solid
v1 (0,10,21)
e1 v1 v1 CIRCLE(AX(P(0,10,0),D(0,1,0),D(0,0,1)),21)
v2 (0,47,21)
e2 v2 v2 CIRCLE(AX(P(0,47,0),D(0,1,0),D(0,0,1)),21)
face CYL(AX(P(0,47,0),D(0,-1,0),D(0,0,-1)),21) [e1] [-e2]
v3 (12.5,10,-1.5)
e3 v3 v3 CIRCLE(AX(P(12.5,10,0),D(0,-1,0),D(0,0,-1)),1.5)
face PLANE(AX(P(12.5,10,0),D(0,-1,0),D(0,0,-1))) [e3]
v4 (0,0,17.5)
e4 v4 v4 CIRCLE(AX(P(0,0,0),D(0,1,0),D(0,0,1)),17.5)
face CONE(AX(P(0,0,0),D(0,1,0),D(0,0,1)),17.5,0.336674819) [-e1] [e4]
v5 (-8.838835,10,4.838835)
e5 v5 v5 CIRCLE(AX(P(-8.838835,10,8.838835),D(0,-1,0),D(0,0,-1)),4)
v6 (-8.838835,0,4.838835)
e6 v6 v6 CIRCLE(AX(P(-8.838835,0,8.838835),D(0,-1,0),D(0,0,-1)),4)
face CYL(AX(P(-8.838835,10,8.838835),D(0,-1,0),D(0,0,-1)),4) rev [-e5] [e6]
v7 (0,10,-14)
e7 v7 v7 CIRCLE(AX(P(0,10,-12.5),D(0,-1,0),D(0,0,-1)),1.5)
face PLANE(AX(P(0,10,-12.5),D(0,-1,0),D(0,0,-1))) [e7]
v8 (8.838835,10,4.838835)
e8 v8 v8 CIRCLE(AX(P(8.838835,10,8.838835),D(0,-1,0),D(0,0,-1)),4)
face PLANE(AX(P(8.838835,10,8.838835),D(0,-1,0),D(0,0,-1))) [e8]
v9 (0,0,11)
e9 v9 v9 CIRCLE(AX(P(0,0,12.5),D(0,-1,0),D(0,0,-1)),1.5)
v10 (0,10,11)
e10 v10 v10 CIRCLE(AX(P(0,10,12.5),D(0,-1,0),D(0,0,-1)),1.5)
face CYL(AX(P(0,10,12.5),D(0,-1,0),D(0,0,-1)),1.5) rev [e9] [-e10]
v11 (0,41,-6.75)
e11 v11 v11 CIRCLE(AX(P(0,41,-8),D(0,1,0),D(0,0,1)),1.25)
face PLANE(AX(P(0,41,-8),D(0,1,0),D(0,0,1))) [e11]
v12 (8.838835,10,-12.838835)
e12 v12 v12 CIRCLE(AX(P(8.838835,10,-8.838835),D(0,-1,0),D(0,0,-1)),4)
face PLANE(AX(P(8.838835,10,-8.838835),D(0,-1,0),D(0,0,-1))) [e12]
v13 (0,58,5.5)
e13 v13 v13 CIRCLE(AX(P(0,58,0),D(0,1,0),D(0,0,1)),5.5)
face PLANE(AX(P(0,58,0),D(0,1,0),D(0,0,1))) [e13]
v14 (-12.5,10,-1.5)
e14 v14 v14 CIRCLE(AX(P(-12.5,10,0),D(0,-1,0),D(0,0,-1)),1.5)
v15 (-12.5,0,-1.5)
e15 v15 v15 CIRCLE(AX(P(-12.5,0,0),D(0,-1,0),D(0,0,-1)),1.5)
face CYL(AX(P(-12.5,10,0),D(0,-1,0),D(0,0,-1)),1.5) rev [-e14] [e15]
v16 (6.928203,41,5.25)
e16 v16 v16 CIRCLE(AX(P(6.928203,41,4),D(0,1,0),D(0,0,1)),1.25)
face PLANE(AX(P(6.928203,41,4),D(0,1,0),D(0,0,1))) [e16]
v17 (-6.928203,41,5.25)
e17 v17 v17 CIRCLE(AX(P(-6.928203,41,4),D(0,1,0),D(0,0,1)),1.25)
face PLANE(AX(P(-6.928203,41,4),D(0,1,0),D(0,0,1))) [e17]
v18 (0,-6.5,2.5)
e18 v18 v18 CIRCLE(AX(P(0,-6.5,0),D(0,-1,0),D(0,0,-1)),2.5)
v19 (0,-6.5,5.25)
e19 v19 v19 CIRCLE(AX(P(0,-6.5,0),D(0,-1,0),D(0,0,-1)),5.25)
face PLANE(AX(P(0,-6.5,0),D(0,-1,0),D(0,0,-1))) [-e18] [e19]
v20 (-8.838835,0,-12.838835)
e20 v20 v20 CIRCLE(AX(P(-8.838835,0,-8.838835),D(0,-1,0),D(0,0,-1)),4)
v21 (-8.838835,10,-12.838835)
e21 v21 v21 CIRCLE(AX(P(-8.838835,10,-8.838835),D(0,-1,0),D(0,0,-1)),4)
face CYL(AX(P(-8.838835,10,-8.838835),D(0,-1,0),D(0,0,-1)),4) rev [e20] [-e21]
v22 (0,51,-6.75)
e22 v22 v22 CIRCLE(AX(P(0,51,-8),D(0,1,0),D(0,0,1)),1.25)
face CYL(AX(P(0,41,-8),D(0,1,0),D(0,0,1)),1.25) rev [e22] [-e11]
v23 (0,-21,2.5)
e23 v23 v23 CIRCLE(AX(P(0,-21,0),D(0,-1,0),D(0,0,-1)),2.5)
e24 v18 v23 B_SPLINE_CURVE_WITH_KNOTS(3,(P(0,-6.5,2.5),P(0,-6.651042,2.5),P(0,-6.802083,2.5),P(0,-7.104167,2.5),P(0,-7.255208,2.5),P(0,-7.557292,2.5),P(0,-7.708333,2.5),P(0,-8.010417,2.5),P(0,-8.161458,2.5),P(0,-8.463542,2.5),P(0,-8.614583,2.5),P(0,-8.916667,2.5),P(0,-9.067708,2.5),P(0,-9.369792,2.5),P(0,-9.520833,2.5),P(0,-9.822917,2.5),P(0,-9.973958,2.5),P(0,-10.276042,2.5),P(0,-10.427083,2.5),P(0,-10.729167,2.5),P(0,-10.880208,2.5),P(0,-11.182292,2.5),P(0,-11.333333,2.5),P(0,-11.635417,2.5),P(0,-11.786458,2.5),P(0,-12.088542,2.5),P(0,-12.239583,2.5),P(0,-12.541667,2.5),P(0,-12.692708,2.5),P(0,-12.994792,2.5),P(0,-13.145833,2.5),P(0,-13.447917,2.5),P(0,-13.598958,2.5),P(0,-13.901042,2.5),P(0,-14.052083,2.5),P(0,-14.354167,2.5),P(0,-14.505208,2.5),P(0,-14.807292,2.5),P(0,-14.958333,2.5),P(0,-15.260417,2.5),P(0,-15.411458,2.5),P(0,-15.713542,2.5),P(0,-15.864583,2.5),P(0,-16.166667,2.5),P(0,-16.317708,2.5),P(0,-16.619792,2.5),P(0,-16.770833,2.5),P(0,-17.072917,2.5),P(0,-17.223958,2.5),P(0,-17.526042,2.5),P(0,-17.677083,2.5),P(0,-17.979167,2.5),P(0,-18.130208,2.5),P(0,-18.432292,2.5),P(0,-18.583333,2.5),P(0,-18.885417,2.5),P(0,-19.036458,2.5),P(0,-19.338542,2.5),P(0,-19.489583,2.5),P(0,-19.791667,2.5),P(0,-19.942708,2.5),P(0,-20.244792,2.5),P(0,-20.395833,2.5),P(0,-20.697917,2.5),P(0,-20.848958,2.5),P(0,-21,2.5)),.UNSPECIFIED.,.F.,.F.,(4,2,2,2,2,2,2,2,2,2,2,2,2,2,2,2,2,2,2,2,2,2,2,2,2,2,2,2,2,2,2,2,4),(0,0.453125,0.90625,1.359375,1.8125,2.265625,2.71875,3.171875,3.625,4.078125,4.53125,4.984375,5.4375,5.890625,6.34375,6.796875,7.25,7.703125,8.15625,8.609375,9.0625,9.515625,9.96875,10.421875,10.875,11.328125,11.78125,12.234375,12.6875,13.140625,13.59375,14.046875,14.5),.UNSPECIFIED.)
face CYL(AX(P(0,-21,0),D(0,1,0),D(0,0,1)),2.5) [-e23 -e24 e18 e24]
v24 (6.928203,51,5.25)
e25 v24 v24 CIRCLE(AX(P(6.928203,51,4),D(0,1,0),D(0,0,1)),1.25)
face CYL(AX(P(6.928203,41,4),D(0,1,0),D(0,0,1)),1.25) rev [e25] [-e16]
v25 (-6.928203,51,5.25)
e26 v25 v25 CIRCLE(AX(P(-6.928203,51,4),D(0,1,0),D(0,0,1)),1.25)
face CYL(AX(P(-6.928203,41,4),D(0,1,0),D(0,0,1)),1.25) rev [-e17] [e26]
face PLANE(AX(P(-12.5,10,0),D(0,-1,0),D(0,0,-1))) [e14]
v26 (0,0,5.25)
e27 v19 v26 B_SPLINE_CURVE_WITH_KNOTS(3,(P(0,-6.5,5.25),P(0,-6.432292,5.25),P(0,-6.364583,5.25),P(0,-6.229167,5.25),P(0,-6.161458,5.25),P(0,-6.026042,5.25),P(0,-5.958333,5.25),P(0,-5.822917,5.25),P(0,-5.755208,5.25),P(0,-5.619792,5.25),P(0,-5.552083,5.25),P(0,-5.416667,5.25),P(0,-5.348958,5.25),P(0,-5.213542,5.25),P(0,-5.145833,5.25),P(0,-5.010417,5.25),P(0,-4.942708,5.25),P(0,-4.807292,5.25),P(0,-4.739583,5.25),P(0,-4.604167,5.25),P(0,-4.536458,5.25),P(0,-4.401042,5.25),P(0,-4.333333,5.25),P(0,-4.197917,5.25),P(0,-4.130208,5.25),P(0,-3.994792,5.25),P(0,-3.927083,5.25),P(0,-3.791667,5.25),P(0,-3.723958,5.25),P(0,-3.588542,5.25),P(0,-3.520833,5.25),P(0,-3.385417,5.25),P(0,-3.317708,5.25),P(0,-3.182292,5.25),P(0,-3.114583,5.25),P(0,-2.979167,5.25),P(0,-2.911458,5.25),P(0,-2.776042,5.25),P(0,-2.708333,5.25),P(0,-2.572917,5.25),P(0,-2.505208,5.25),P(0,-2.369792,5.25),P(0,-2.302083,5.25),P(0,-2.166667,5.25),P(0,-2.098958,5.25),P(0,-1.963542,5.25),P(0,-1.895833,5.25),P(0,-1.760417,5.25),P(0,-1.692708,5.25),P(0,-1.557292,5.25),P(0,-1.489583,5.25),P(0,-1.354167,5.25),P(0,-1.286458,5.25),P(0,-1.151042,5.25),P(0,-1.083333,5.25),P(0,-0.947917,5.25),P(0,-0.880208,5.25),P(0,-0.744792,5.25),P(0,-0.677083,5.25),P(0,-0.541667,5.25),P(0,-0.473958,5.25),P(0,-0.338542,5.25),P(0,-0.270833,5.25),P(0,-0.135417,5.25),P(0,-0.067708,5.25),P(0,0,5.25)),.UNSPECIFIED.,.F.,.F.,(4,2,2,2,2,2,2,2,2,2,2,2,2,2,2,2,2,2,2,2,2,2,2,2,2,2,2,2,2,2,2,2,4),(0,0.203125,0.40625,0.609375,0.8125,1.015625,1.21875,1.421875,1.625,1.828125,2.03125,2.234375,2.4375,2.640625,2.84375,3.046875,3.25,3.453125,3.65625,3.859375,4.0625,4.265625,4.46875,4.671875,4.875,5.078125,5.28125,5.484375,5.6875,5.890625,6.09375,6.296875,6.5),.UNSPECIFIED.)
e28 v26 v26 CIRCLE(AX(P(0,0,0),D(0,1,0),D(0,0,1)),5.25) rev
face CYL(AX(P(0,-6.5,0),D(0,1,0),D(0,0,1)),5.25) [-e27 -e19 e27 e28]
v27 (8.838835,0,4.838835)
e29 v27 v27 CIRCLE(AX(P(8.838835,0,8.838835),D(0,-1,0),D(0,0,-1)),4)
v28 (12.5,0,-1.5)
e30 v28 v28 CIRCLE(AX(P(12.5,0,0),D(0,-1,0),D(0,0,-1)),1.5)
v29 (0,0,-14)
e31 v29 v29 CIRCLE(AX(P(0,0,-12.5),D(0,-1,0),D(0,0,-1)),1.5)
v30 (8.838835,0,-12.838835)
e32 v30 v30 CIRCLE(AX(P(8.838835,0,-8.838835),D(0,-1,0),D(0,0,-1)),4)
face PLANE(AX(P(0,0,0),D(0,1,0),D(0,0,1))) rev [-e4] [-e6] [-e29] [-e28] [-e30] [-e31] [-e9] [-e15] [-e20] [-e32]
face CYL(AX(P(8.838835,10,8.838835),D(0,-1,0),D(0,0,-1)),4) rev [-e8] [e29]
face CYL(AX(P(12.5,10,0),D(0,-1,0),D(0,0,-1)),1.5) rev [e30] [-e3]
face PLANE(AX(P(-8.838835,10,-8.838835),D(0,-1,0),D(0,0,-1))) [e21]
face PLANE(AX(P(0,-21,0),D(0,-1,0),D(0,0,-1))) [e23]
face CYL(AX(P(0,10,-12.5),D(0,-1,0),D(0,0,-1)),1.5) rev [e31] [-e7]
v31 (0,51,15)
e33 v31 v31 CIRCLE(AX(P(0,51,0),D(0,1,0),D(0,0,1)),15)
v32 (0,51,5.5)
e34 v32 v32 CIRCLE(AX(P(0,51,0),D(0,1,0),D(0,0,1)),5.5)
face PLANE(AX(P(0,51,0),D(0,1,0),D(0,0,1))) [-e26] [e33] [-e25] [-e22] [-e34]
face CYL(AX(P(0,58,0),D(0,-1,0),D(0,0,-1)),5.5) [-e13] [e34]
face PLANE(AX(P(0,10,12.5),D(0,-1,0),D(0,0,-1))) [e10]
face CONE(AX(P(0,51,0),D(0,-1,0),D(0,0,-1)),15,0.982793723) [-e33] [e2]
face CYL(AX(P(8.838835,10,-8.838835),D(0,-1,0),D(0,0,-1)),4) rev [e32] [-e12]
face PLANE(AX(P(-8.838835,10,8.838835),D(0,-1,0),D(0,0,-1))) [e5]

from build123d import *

# Parameters (mm, degrees)
SKETCH1_R           = 17.5
BOSS_EXTRUDE1_DEPTH = 10
SKETCH2_R           = 21
BOSS_EXTRUDE2_DEPTH = 37
SKETCH3_R           = 15
BOSS_EXTRUDE3_DEPTH = 4
SKETCH4_R           = 5.5
BOSS_EXTRUDE4_DEPTH = 7
SKETCH5_R           = 2.5
BOSS_EXTRUDE5_DEPTH = 21
SKETCH6_R           = 1.5
SKETCH6_R_2         = 4
CUT_EXTRUDE1_DEPTH  = 10
SKETCH7_R           = 5.25
BOSS_EXTRUDE6_DEPTH = 6.5
SKETCH9_R           = 1.25
CUT_EXTRUDE2_DEPTH  = 10


with BuildPart() as part:
    # Sketch1 → Boss-Extrude1 (new body)
    with BuildSketch(Plane(origin=(0, 0, 0), x_dir=(1, 0, 0), z_dir=(0, 1, 0))):
        with Locations(Location((0, 0, 0), (0, 0, 270))):
            Circle(SKETCH1_R)
    extrude(amount=BOSS_EXTRUDE1_DEPTH)

    # Sketch2 → Boss-Extrude2 (add)
    with BuildSketch(Plane(origin=(0, 10, 0), x_dir=(1, 0, 0), z_dir=(0, 1, 0))):
        with Locations(Location((0, 0, 0), (0, 0, 270))):
            Circle(SKETCH2_R)
    extrude(amount=BOSS_EXTRUDE2_DEPTH)

    # Sketch3 → Boss-Extrude3 (add)
    with BuildSketch(Plane(origin=(0, 47, 0), x_dir=(1, 0, 0), z_dir=(0, 1, 0))):
        with Locations(Location((0, 0, 0), (0, 0, 270))):
            Circle(SKETCH3_R)
    extrude(amount=BOSS_EXTRUDE3_DEPTH)

    # Sketch4 → Boss-Extrude4 (add)
    with BuildSketch(Plane(origin=(0, 51, 0), x_dir=(1, 0, 0), z_dir=(0, 1, 0))):
        with Locations(Location((0, 0, 0), (0, 0, 270))):
            Circle(SKETCH4_R)
    extrude(amount=BOSS_EXTRUDE4_DEPTH)

    # Sketch5 → Boss-Extrude5 (add)
    with BuildSketch(Plane.XZ):
        with Locations(Location((0, 0, 0), (0, 0, 90))):
            Circle(SKETCH5_R)
    extrude(amount=BOSS_EXTRUDE5_DEPTH)

    # loft up to a face of the part (loft1)
    loft([Face(Wire([part.edges().sort_by_distance((-12.75695098, 0, -11.979574354))[0]])), Face(Wire([part.edges().sort_by_distance((-15.308341176, 10, -14.375489225))[0]]))])

    # loft up to a face of the part (loft2)
    loft([Face(Wire([part.edges().sort_by_distance((10.934529411, 51, -10.268206589))[0]])), Face(Wire([part.edges().sort_by_distance((15.308341176, 47, -14.375489225))[0]]))])

    # Sketch6 → Cut-Extrude1 (cut)
    with BuildSketch(Plane.XZ):
        with Locations(Location((0, 12.5, 0), (0, 0, 270))):
            Circle(SKETCH6_R)
        with Locations(Location((12.5, 0, 0), (0, 0, 270))):
            Circle(SKETCH6_R)
        with Locations(Location((0, -12.5, 0), (0, 0, 270))):
            Circle(SKETCH6_R)
        with Locations(Location((-12.5, 0, 0), (0, 0, 270))):
            Circle(SKETCH6_R)
        with Locations(Location((-8.838834765, 8.838834765, 0), (0, 0, 270))):
            Circle(SKETCH6_R_2)
        with Locations(Location((8.838834765, 8.838834765, 0), (0, 0, 270))):
            Circle(SKETCH6_R_2)
        with Locations(Location((8.838834765, -8.838834765, 0), (0, 0, 270))):
            Circle(SKETCH6_R_2)
        with Locations(Location((-8.838834765, -8.838834765, 0), (0, 0, 270))):
            Circle(SKETCH6_R_2)
    extrude(amount=-CUT_EXTRUDE1_DEPTH, mode=Mode.SUBTRACT)

    # Sketch7 → Boss-Extrude6 (add)
    with BuildSketch(Plane.XZ):
        with Locations(Location((0, 0, 0), (0, 0, 90))):
            Circle(SKETCH7_R)
    extrude(amount=BOSS_EXTRUDE6_DEPTH)

    # Sketch9 → Cut-Extrude2 (cut)
    with BuildSketch(Plane(origin=(0, 51, 0), x_dir=(1, 0, 0), z_dir=(0, 1, 0))):
        with Locations(Location((0, 8, 0), (0, 0, 270))):
            Circle(SKETCH9_R)
        with Locations(Location((6.92820323, -4, 0), (0, 0, 270))):
            Circle(SKETCH9_R)
        with Locations(Location((-6.92820323, -4, 0), (0, 0, 270))):
            Circle(SKETCH9_R)
    extrude(amount=-CUT_EXTRUDE2_DEPTH, mode=Mode.SUBTRACT)


solid = part.part
